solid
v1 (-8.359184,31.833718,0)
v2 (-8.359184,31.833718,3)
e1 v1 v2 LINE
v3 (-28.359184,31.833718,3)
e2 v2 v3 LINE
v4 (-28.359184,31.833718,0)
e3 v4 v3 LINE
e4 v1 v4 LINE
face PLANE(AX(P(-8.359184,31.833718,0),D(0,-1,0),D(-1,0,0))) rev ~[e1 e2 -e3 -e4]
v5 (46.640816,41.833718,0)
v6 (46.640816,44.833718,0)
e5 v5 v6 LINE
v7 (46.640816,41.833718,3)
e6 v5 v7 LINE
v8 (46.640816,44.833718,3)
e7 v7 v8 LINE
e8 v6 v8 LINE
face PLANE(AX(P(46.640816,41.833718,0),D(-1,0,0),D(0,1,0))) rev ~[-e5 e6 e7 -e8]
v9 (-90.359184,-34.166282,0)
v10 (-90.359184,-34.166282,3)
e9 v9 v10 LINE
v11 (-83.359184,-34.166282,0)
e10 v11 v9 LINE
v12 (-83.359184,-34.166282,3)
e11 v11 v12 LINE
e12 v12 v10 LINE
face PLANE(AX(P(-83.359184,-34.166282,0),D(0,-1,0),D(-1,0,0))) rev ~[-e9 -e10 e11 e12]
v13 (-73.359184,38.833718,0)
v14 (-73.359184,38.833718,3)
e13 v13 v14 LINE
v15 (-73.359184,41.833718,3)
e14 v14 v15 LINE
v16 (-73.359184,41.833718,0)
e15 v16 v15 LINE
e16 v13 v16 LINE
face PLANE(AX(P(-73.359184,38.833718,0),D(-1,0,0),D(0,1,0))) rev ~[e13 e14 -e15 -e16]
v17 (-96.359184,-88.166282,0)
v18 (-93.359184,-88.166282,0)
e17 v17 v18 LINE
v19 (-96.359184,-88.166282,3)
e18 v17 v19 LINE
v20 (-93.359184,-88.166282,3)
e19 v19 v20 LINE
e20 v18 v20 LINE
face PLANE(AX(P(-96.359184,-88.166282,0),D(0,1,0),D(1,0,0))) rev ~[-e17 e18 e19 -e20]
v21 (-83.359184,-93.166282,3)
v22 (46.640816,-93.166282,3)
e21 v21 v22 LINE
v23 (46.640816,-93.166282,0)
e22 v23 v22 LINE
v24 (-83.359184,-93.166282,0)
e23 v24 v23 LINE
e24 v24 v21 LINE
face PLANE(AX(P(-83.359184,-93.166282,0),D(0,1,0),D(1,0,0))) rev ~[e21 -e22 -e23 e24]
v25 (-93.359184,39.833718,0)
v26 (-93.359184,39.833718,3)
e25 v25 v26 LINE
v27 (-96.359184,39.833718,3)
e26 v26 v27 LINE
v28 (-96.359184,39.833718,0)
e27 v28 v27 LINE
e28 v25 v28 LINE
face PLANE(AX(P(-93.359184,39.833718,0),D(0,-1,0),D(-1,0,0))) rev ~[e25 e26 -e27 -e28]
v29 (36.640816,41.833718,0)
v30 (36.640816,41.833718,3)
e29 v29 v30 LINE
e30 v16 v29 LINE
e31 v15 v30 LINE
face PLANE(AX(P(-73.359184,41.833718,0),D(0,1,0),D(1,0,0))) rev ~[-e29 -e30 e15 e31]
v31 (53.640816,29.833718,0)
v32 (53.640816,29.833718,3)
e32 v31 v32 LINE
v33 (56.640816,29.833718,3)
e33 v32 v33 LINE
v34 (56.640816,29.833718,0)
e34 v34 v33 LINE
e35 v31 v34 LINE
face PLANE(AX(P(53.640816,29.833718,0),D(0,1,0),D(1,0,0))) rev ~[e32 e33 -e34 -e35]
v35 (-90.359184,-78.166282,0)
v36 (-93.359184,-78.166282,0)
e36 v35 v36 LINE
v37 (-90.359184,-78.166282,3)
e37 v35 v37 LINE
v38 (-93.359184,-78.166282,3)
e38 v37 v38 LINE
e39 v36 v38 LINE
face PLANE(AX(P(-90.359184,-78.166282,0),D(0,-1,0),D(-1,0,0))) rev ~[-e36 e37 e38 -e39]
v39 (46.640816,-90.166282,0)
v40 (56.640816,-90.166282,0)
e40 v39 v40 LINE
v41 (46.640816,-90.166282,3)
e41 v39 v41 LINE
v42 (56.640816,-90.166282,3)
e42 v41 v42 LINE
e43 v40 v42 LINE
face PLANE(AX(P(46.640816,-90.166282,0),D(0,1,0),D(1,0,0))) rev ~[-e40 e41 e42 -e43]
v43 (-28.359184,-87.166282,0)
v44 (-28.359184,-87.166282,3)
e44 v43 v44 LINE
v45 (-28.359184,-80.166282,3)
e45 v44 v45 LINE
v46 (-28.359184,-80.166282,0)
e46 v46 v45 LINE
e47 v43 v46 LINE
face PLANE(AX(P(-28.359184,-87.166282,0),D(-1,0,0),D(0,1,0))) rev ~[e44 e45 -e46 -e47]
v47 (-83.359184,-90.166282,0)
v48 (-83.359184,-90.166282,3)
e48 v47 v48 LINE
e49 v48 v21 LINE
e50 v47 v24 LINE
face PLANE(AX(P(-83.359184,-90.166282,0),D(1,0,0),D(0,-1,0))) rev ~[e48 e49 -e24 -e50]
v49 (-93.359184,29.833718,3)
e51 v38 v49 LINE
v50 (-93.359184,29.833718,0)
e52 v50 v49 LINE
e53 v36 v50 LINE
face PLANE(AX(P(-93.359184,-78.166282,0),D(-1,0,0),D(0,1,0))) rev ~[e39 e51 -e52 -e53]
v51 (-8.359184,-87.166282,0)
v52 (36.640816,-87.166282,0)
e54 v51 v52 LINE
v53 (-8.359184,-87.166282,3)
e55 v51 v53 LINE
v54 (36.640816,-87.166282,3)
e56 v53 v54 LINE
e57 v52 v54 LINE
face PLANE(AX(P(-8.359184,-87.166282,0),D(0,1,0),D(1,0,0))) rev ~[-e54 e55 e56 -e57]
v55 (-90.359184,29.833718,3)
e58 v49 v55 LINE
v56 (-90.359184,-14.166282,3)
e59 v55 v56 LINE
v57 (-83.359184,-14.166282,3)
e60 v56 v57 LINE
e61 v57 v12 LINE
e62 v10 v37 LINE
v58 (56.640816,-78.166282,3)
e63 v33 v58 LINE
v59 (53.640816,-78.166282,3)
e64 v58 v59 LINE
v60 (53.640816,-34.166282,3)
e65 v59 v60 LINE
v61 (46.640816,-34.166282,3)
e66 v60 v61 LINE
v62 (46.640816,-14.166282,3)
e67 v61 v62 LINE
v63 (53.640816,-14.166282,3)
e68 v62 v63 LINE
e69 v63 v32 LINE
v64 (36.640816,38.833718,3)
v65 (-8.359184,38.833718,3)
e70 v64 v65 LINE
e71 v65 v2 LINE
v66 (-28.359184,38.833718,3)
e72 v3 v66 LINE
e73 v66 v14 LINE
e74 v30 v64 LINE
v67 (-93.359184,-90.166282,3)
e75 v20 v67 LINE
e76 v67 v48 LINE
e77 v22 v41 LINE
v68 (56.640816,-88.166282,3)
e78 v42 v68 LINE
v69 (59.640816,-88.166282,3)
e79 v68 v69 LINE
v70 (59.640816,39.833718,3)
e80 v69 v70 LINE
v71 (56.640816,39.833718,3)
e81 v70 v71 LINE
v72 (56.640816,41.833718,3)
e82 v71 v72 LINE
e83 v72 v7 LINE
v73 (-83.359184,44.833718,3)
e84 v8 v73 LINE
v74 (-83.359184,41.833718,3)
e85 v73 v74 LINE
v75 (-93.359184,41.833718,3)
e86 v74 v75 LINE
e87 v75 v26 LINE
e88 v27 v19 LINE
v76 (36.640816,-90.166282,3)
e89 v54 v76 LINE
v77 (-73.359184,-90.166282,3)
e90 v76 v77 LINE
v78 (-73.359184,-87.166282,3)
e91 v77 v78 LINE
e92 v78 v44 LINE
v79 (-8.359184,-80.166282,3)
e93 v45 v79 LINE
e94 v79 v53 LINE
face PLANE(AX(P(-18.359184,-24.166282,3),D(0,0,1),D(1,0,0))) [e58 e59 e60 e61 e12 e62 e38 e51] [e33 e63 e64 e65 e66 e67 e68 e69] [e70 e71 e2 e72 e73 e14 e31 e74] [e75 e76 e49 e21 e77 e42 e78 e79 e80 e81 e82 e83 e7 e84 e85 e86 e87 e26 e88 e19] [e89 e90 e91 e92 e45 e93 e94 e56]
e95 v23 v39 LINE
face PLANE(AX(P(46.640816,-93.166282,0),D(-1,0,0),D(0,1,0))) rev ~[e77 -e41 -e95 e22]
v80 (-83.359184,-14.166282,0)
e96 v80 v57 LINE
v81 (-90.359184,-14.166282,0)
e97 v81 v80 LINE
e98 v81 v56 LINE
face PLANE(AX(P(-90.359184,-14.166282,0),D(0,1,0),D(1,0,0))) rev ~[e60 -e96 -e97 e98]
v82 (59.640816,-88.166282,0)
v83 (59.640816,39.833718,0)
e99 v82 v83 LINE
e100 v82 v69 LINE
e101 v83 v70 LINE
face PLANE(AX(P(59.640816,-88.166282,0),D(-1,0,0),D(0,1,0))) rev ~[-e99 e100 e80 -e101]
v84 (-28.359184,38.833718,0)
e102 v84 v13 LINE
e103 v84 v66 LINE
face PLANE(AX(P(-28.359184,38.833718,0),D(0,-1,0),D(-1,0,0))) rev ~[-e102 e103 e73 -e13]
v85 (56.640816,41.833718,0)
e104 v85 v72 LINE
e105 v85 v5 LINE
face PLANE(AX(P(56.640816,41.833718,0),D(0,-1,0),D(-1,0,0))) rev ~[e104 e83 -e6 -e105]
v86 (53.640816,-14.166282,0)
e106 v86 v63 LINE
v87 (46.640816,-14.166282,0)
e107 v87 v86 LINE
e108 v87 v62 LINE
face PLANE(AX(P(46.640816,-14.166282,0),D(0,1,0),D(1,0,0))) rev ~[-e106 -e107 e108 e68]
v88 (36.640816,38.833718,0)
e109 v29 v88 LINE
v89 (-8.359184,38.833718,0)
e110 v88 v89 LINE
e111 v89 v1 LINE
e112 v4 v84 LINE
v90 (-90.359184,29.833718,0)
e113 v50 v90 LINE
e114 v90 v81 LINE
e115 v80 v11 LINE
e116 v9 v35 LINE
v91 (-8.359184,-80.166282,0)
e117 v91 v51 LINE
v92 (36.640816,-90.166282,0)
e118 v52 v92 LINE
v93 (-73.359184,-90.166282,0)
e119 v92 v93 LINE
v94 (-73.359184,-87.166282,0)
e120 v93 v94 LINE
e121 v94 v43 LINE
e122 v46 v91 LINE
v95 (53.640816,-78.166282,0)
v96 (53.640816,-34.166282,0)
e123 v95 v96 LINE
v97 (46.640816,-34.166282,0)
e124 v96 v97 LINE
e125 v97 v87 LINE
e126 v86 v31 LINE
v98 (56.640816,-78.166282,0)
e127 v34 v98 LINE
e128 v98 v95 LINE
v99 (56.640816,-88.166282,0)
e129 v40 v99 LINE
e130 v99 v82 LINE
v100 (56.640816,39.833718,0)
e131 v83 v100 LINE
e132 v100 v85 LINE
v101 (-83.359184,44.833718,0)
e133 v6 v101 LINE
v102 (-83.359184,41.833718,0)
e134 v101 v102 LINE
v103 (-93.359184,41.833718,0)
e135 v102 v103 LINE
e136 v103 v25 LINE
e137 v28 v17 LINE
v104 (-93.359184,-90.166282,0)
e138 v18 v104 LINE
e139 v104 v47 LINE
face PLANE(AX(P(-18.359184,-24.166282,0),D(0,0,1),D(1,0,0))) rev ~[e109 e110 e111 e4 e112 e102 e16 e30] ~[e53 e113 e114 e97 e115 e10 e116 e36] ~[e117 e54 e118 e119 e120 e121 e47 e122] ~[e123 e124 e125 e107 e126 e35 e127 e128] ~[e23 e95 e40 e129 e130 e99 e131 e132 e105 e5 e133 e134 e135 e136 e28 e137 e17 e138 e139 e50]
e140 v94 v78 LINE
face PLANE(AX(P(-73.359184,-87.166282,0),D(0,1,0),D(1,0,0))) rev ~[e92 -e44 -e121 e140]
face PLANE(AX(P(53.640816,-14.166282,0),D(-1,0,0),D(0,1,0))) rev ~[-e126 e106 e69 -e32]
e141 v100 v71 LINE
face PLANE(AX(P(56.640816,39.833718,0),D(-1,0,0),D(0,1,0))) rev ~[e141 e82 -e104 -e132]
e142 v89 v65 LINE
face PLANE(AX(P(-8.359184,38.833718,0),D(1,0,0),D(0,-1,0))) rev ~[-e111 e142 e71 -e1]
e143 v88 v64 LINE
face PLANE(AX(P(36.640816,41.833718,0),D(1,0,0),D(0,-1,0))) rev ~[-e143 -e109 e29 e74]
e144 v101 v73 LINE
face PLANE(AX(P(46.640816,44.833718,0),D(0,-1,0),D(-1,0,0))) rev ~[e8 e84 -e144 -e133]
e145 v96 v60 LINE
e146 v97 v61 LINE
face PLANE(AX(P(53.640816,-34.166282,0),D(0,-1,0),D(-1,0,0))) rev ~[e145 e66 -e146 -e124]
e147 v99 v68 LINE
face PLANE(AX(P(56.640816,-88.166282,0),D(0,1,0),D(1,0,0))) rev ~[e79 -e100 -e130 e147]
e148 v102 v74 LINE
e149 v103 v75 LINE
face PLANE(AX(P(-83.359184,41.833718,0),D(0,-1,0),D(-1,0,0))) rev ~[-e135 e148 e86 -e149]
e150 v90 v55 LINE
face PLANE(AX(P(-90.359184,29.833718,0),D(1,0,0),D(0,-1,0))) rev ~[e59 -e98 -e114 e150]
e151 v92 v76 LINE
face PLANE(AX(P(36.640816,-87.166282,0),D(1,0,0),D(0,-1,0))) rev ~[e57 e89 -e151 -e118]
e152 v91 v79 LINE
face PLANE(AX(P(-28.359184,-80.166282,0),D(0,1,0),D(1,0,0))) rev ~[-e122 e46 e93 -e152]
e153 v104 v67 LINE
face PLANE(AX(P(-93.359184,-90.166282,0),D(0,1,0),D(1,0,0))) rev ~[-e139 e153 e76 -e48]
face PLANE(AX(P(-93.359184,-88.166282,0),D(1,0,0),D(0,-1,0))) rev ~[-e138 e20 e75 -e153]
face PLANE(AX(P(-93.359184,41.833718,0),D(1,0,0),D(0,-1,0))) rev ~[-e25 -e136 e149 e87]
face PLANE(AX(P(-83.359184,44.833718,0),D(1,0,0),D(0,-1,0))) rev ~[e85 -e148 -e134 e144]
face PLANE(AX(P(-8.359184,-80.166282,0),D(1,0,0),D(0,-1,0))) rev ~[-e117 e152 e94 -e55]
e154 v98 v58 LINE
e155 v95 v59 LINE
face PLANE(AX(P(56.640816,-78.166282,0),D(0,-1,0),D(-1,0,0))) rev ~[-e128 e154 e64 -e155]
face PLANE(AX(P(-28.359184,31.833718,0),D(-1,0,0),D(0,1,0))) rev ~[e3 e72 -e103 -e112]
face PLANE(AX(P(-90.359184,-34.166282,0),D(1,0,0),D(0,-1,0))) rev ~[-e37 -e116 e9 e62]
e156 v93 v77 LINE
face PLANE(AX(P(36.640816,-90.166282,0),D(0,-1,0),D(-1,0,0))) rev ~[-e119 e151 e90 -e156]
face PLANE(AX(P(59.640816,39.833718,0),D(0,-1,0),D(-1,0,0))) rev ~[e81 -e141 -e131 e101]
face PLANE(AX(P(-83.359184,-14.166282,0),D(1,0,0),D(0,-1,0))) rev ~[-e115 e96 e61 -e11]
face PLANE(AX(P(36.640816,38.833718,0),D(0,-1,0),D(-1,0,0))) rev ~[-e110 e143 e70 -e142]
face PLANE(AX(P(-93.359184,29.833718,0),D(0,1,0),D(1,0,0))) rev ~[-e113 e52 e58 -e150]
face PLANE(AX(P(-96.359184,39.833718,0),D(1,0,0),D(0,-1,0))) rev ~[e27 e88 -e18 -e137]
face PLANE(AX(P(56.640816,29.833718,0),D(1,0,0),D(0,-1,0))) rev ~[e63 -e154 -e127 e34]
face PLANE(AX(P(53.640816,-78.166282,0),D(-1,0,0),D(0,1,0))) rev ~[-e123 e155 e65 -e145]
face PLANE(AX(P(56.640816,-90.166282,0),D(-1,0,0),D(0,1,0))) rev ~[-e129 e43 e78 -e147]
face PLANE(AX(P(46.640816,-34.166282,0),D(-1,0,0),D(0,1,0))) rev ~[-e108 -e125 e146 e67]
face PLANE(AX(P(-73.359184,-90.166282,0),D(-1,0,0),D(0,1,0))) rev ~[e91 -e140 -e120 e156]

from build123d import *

# Parameters (mm, degrees)
BOSS_EXTRUDE1_DEPTH = 3


with BuildPart() as part:
    # Sketch1 → Boss-Extrude1 (new body)
    with BuildSketch(Plane.XY):
        Polygon((46.640816327, 44.833717619), (-83.359183673, 44.833717619), (-83.359183673, 41.833717619), (-93.359183673, 41.833717619), (-93.359183673, 39.833717619), (-96.359183673, 39.833717619), (-96.359183673, -88.166282381), (-93.359183673, -88.166282381), (-93.359183673, -90.166282381), (-83.359183673, -90.166282381), (-83.359183673, -93.166282381), (46.640816327, -93.166282381), (46.640816327, -90.166282381), (56.640816327, -90.166282381), (56.640816327, -88.166282381), (59.640816327, -88.166282381), (59.640816327, 39.833717619), (56.640816327, 39.833717619), (56.640816327, 41.833717619), (46.640816327, 41.833717619), align=None)
        Polygon((-8.359183673, -80.166282381), (-8.359183673, -87.166282381), (36.640816327, -87.166282381), (36.640816327, -90.166282381), (-73.359183673, -90.166282381), (-73.359183673, -87.166282381), (-28.359183673, -87.166282381), (-28.359183673, -80.166282381), align=None, mode=Mode.SUBTRACT)
        Polygon((-93.359183673, -78.166282381), (-93.359183673, 29.833717619), (-90.359183673, 29.833717619), (-90.359183673, -14.166282381), (-83.359183673, -14.166282381), (-83.359183673, -34.166282381), (-90.359183673, -34.166282381), (-90.359183673, -78.166282381), align=None, mode=Mode.SUBTRACT)
        Polygon((-73.359183673, 38.833717619), (-73.359183673, 41.833717619), (36.640816327, 41.833717619), (36.640816327, 38.833717619), (-8.359183673, 38.833717619), (-8.359183673, 31.833717619), (-28.359183673, 31.833717619), (-28.359183673, 38.833717619), align=None, mode=Mode.SUBTRACT)
        Polygon((46.640816327, -34.166282381), (46.640816327, -14.166282381), (53.640816327, -14.166282381), (53.640816327, 29.833717619), (56.640816327, 29.833717619), (56.640816327, -78.166282381), (53.640816327, -78.166282381), (53.640816327, -34.166282381), align=None, mode=Mode.SUBTRACT)
    extrude(amount=BOSS_EXTRUDE1_DEPTH)


solid = part.part
